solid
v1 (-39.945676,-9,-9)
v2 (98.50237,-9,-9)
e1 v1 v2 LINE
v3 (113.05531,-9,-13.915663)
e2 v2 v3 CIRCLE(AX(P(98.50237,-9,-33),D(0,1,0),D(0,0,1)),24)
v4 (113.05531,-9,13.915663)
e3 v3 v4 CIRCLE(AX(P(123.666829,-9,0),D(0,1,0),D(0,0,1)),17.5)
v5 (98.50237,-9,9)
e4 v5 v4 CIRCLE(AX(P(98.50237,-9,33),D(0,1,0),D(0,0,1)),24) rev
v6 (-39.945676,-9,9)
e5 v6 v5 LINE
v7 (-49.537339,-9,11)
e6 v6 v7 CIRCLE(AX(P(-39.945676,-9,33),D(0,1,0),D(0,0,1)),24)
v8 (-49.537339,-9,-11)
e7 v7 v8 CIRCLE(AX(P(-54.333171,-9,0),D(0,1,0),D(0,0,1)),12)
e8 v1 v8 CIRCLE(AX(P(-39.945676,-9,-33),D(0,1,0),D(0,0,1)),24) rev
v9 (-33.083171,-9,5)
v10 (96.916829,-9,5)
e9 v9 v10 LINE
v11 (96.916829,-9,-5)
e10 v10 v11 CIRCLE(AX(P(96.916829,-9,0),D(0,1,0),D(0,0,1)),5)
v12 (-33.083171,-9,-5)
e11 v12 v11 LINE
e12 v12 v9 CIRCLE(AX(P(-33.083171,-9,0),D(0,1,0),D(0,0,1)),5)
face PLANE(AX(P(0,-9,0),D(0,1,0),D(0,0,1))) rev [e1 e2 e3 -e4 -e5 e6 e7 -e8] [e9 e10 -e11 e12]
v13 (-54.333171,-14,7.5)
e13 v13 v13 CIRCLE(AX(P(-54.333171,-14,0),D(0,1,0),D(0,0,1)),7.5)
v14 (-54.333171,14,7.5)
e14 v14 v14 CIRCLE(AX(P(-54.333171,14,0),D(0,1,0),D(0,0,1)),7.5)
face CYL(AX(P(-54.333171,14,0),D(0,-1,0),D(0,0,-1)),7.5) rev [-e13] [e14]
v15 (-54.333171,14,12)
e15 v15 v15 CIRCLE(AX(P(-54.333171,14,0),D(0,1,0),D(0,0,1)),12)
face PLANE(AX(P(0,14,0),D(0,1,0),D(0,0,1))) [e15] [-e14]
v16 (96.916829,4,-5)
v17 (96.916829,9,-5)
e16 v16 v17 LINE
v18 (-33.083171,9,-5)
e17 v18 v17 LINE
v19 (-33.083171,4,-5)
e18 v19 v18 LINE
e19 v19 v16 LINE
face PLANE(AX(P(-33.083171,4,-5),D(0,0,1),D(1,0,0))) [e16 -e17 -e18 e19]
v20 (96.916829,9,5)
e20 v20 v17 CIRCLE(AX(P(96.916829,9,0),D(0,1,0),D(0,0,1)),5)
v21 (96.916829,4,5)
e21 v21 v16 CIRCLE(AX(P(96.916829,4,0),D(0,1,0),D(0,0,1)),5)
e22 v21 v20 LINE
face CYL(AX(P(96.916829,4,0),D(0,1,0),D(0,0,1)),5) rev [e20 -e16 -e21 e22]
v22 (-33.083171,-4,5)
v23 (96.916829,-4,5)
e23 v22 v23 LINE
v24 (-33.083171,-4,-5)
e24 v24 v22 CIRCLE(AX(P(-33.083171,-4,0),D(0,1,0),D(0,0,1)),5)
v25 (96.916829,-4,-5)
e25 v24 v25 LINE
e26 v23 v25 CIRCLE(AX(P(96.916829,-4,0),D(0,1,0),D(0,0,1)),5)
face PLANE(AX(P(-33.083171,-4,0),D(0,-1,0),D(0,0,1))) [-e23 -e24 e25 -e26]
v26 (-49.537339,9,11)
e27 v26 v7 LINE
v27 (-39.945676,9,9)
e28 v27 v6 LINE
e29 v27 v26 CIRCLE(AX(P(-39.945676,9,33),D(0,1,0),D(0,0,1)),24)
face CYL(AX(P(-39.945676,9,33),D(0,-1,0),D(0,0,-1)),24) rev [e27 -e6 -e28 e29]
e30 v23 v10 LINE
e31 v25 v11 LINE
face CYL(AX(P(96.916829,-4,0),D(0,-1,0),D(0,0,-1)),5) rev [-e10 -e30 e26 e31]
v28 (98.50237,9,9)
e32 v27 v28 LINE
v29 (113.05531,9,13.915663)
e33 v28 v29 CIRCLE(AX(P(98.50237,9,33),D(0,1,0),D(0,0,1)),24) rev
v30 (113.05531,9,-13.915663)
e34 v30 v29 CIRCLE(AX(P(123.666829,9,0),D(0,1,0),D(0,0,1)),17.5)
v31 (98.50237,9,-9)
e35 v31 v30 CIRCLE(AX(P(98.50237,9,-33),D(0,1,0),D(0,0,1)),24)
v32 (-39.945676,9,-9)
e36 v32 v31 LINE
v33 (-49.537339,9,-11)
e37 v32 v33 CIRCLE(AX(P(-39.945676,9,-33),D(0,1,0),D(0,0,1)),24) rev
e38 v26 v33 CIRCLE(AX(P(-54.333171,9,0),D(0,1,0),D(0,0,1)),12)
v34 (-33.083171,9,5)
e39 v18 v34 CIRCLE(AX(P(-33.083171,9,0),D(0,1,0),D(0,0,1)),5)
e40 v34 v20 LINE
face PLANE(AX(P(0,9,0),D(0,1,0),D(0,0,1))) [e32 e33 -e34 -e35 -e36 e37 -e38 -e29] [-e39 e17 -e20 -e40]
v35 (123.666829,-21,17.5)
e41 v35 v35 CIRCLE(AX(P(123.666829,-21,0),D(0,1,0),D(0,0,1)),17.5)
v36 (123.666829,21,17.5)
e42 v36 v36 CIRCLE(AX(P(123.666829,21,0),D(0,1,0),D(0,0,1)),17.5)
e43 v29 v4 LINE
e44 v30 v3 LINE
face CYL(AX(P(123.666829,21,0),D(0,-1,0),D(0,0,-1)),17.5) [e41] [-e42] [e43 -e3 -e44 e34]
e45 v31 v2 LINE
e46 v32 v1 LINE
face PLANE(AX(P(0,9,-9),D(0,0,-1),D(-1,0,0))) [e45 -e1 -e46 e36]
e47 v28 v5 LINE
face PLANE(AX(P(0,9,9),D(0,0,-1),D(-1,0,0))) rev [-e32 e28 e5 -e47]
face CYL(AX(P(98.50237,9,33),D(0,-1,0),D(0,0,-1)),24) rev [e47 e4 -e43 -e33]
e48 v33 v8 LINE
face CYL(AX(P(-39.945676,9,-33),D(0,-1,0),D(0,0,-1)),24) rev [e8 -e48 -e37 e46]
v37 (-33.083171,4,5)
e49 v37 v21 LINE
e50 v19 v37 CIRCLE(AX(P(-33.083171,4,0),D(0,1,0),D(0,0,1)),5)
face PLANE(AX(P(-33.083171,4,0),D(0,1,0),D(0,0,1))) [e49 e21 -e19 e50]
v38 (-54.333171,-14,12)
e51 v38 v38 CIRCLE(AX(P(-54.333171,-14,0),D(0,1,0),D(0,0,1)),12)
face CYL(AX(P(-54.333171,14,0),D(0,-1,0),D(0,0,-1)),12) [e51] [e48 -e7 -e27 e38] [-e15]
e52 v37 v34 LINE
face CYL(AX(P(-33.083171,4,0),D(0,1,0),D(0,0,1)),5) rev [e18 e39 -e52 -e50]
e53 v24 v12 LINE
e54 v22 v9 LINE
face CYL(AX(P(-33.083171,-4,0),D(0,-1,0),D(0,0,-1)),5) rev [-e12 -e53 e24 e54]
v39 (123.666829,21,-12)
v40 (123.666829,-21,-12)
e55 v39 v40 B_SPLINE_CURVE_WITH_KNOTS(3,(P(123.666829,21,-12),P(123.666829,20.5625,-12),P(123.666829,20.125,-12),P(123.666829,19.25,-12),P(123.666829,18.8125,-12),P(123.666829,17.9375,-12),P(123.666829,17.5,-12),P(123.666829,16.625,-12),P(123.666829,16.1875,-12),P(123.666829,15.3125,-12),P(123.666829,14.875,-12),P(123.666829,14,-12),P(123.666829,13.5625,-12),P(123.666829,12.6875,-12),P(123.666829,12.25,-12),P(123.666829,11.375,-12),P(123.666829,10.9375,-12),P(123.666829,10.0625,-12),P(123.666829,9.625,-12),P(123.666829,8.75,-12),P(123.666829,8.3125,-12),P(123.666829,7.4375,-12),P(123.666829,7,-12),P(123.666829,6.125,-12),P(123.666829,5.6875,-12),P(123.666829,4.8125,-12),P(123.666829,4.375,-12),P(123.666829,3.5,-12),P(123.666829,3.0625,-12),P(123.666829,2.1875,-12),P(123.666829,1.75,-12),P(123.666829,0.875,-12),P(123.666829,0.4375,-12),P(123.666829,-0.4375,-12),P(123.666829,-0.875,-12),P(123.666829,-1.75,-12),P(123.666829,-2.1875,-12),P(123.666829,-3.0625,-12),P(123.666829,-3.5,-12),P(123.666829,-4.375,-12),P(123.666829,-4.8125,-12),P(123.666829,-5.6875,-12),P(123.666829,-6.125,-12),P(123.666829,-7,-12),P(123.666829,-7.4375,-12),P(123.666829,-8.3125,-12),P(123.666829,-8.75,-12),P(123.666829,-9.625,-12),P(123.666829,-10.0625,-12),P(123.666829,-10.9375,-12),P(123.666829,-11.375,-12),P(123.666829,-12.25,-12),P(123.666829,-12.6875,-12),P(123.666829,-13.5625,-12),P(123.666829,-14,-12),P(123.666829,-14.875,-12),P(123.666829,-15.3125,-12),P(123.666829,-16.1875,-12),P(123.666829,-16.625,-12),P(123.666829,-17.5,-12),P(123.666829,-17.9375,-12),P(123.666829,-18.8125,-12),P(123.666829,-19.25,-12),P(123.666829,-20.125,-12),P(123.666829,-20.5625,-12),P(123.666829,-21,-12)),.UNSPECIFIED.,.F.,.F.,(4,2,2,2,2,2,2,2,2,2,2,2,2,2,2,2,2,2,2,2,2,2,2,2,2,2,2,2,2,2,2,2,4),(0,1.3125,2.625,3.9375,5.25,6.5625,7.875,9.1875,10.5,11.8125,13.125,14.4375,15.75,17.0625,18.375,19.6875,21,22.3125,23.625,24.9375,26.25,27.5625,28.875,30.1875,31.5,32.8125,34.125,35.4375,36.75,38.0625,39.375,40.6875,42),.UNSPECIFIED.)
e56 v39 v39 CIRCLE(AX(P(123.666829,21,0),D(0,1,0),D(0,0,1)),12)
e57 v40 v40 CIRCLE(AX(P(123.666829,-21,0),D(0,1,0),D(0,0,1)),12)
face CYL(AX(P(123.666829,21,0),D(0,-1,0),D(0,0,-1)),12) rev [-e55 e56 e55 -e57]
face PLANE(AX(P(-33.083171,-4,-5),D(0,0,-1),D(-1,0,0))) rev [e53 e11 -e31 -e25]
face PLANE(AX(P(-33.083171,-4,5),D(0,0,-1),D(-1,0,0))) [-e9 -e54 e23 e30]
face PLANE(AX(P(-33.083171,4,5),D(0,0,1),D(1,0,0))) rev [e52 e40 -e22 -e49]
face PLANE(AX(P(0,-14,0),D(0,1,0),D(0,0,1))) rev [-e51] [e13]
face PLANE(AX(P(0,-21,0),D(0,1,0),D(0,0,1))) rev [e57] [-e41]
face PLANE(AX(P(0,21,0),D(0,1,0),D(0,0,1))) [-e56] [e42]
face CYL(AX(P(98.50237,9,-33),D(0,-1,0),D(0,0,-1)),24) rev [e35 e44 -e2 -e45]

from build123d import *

# Parameters (mm, degrees)
SKETCH1_R           = 7.5
BOSS_EXTRUDE1_DEPTH = 14
SKETCH1_3_R         = 12
BOSS_EXTRUDE2_DEPTH = 21
BOSS_EXTRUDE3_DEPTH = 9
CUT_EXTRUDE1_START  = 9
CUT_EXTRUDE1_DEPTH  = 5


with BuildPart() as part:
    # Sketch1 → Boss-Extrude1 (new, symmetric)
    with BuildSketch(Plane(origin=(0, 0, 0), x_dir=(1, 0, 0), z_dir=(0, 1, 0))):
        with BuildLine():
            ThreePointArc((-42.333170882, 0), (-44.294496212, 6.574573055), (-49.537339359, 11))
            ThreePointArc((-49.537339359, 11), (-66.333170882, 0), (-49.537339359, -11))
            ThreePointArc((-49.537339359, -11), (-44.294496212, -6.574573055), (-42.333170882, 0))
        make_face()
        with Locations((-54.333170882, 0)):
            Circle(SKETCH1_R, mode=Mode.SUBTRACT)
    extrude(amount=BOSS_EXTRUDE1_DEPTH, both=True)



with BuildPart() as body_2:
    # Sketch1<3> → Boss-Extrude2 (new, symmetric)
    with BuildSketch(Plane(origin=(0, 0, 0), x_dir=(1, 0, 0), z_dir=(0, 1, 0))):
        with BuildLine():
            ThreePointArc((141.166829118, 0), (131.430475798, 15.683615343), (113.055310235, 13.915662651))
            ThreePointArc((113.055310235, 13.915662651), (106.166829118, 0), (113.055310235, -13.915662651))
            ThreePointArc((113.055310235, -13.915662651), (131.430475798, -15.683615343), (141.166829118, 0))
        make_face()
        with Locations((123.666829118, 0)):
            Circle(SKETCH1_3_R, mode=Mode.SUBTRACT)
    extrude(amount=BOSS_EXTRUDE2_DEPTH, both=True)


with BuildPart() as part_1:
    add(part.part)

    add(body_2.part)  # Boss-Extrude3 merges body 2
    # Sketch1<4> → Boss-Extrude3 (add, symmetric)
    with BuildSketch(Plane(origin=(0, 0, 0), x_dir=(1, 0, 0), z_dir=(0, 1, 0))):
        with BuildLine():
            Line((98.502370054, 9), (-39.945676312, 9))
            ThreePointArc((-39.945676312, 9), (-44.844655798, 9.505319751), (-49.537339359, 11))
            ThreePointArc((-49.537339359, 11), (-42.333170882, 0), (-49.537339359, -11))
            ThreePointArc((-49.537339359, -11), (-44.844655798, -9.505319751), (-39.945676312, -9))
            Line((-39.945676312, -9), (98.502370054, -9))
            ThreePointArc((98.502370054, -9), (106.182731491, -10.26210106), (113.055310235, -13.915662651))
            ThreePointArc((113.055310235, -13.915662651), (106.166829118, 0), (113.055310235, 13.915662651))
            ThreePointArc((113.055310235, 13.915662651), (106.182731491, 10.26210106), (98.502370054, 9))
        make_face()
    extrude(amount=BOSS_EXTRUDE3_DEPTH, both=True)

    # Sketch1<5> → Cut-Extrude1 (cut)
    with BuildSketch(Plane(origin=(0, 0, 0), x_dir=(1, 0, 0), z_dir=(0, 1, 0)).offset(CUT_EXTRUDE1_START)):
        with BuildLine():
            Line((-33.083170882, 5), (96.916829118, 5))
            ThreePointArc((96.916829118, 5), (101.916829118, 0), (96.916829118, -5))
            Line((96.916829118, -5), (-33.083170882, -5))
            ThreePointArc((-33.083170882, -5), (-38.083170882, 0), (-33.083170882, 5))
        make_face()
    cut_extrude1 = extrude(amount=-CUT_EXTRUDE1_DEPTH, mode=Mode.SUBTRACT)

    # Mirror1: Cut-Extrude1 across plane
    add(cut_extrude1.mirror(Plane.ZX), mode=Mode.SUBTRACT)


solid = part_1.part
